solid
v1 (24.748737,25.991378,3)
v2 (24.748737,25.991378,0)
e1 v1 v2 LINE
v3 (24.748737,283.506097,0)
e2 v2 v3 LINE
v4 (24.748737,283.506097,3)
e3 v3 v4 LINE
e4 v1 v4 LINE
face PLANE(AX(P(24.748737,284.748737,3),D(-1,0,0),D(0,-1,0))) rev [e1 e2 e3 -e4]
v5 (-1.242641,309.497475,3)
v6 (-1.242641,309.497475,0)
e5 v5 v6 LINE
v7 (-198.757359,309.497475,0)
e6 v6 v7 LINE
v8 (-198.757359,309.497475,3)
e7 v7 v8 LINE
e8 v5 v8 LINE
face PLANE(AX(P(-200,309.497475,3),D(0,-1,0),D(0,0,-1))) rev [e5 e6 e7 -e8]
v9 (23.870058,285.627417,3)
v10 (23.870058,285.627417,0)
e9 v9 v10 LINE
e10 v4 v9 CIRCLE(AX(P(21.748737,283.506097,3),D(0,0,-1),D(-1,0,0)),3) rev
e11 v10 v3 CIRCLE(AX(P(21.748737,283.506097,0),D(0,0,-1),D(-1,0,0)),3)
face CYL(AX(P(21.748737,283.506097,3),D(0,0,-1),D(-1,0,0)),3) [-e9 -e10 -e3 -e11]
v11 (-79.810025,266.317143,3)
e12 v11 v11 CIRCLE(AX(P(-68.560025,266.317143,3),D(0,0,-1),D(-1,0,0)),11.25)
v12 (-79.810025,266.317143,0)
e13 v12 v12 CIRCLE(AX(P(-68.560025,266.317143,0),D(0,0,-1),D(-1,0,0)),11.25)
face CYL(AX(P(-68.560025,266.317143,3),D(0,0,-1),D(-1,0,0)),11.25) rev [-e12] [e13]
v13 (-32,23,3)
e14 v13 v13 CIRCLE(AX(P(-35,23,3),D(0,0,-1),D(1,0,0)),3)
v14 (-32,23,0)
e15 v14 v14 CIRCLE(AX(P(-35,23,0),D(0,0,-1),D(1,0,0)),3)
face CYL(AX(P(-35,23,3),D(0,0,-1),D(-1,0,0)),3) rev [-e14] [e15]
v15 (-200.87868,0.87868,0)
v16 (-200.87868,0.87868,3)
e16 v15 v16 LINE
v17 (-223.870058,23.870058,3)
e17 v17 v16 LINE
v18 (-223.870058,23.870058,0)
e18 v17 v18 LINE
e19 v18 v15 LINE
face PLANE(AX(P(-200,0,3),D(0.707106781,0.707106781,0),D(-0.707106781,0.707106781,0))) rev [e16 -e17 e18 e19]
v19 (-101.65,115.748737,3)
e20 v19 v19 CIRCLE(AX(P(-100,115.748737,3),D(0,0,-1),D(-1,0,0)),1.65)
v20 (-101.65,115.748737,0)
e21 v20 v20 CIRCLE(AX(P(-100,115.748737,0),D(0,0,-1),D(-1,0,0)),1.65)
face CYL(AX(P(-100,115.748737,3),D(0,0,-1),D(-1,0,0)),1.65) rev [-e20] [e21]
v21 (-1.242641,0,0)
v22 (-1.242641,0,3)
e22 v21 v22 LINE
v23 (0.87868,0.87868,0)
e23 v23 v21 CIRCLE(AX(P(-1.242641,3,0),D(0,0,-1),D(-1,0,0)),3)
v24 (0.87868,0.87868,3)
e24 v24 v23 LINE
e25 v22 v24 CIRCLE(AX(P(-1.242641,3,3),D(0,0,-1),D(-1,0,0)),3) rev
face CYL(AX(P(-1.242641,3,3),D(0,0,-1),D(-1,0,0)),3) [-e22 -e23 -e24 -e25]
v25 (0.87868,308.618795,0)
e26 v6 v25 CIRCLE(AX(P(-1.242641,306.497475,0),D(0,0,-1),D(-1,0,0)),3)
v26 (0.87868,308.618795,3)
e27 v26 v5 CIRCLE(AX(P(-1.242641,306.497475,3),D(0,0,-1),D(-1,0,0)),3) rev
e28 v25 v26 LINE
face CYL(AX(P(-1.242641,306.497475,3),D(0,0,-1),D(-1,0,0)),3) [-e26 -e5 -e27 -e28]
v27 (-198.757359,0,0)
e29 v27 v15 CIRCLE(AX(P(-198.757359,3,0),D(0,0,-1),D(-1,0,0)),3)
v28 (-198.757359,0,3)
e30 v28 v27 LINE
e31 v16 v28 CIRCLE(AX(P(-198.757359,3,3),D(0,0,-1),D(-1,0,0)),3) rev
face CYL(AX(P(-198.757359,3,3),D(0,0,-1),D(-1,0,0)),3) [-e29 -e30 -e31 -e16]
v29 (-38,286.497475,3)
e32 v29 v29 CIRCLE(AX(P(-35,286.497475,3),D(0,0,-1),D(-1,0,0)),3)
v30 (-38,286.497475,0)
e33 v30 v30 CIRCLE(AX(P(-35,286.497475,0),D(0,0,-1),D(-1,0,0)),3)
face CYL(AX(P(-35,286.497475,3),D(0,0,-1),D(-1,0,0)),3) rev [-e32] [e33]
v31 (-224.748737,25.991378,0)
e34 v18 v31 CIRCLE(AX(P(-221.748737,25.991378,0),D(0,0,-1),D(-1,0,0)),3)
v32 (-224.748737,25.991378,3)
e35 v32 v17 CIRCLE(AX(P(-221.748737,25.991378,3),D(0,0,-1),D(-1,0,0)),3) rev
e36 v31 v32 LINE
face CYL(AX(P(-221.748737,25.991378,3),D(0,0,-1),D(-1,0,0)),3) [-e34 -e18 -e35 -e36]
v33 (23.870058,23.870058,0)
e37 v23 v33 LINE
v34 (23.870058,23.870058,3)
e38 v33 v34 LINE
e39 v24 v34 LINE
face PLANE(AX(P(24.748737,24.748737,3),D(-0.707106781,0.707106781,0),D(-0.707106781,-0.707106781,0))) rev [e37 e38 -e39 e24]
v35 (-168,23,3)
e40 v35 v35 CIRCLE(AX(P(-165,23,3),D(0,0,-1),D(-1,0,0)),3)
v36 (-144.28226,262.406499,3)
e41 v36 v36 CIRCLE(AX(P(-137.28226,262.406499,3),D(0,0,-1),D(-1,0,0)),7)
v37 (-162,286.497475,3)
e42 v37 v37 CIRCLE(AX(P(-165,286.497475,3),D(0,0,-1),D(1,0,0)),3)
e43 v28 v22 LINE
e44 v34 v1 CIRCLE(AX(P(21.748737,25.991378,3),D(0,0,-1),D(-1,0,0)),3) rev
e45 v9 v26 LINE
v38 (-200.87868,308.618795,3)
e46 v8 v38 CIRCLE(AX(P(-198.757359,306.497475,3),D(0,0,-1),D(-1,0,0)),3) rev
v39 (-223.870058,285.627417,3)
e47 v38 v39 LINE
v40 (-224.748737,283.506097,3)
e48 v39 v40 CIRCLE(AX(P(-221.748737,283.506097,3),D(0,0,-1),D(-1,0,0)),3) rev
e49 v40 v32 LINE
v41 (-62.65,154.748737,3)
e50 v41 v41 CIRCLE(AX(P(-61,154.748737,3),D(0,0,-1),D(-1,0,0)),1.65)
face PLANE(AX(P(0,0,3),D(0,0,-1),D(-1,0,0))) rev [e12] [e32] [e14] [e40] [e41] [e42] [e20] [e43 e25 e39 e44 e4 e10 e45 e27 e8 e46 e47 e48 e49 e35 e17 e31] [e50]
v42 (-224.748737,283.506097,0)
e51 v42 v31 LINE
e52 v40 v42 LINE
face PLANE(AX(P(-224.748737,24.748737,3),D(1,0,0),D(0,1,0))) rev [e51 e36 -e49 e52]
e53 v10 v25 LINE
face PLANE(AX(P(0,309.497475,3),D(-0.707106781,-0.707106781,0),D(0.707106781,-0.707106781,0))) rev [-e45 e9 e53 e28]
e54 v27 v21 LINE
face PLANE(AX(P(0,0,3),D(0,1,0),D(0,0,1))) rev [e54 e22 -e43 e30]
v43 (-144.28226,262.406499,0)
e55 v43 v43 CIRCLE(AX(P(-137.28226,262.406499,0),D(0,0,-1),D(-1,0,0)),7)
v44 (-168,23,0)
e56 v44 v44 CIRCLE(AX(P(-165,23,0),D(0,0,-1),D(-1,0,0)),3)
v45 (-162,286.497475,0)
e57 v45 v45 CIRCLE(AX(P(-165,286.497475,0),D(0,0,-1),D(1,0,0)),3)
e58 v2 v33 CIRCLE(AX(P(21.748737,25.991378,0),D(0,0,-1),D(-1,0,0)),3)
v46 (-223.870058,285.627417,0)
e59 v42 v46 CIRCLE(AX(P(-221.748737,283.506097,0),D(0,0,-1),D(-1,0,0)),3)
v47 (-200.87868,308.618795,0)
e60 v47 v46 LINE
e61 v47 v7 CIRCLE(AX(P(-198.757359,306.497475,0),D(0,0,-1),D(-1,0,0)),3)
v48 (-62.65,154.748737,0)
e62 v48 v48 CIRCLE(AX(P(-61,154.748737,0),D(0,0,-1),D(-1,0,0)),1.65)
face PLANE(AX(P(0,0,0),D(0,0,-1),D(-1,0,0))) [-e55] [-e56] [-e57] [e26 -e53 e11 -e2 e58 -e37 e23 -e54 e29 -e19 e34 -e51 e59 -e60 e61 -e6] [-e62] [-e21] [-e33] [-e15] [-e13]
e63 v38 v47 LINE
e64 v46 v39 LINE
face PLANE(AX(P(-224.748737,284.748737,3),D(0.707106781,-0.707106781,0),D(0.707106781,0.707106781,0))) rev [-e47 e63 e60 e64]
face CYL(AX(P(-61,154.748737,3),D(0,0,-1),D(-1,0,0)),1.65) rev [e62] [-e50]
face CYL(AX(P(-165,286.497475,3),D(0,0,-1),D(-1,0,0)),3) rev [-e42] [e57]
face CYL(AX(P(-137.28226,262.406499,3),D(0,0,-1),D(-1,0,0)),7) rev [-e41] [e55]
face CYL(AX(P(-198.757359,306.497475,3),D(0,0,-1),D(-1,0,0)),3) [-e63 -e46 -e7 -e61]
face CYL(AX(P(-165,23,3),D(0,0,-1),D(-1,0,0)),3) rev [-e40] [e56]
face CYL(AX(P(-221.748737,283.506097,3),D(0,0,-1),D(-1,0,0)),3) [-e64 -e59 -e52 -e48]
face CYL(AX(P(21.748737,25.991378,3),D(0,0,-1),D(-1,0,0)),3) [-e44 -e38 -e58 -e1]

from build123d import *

# Parameters (mm, degrees)
BASE_DEPTH              = 3
CONG_1_R                = 3
ESQUISSE20_R            = 3
PERCAGE_PROFIL_S_DEPTH  = 383.50448595
ESQUISSE21_R            = 1.65
PERCAGE_LIDAR_DEPTH     = 383.50448595
ESQUISSE22_R            = 11.25
ENL_V_MAT_EXTRU_3_DEPTH = 383.50448595
ESQUISSE23_R            = 7
ENL_V_MAT_EXTRU_4_DEPTH = 383.50448595


with BuildPart() as part:
    # Esquisse1 → Base (new body)
    with BuildSketch(Plane.XY):
        Polygon((0, 0), (-200, 0), (-224.748737342, 24.748737342), (-224.748737342, 284.748737342), (-200, 309.497474683), (0, 309.497474683), (24.748737342, 284.748737342), (24.748737342, 24.748737342), align=None)
    extrude(amount=BASE_DEPTH)

    # Congé1
    cong_1_edges = [part.edges().sort_by_distance(p)[0] for p in [
        (0, 0, 1.5),
        (-200, 0, 1.5),
        (-224.748737342, 24.748737342, 1.5),
        (-224.748737342, 284.748737342, 1.5),
        (-200, 309.497474683, 1.5),
        (0, 309.497474683, 1.5),
        (24.748737342, 284.748737342, 1.5),
        (24.748737342, 24.748737342, 1.5),
    ]]
    fillet(cong_1_edges, radius=CONG_1_R)

    # Esquisse20 → Percage Profilés (cut, through all)
    with BuildSketch(Plane(origin=(0, 0, 0), x_dir=(-1, 0, 0), z_dir=(0, 0, -1))):
        with Locations((35, 286.497474683)):
            Circle(ESQUISSE20_R)
        with Locations(Location((165, 286.497474683, 0), (0, 0, 180))):
            Circle(ESQUISSE20_R)
        with Locations((165, 23)):
            Circle(ESQUISSE20_R)
        with Locations(Location((35, 23, 0), (0, 0, 180))):
            Circle(ESQUISSE20_R)
    extrude(amount=-PERCAGE_PROFIL_S_DEPTH, mode=Mode.SUBTRACT)

    # Esquisse21 → Percage Lidar (cut, through all)
    with BuildSketch(Plane(origin=(0, 0, 0), x_dir=(-1, 0, 0), z_dir=(0, 0, -1))):
        with Locations((61, 154.748737342)):
            Circle(ESQUISSE21_R)
        with Locations((100, 115.748737342)):
            Circle(ESQUISSE21_R)
    extrude(amount=-PERCAGE_LIDAR_DEPTH, mode=Mode.SUBTRACT)

    # Esquisse22 → Enlèv. mat.-Extru.3 (cut, through all)
    with BuildSketch(Plane(origin=(0, 0, 0), x_dir=(-1, 0, 0), z_dir=(0, 0, -1))):
        with Locations((68.560025138, 266.317142531)):
            Circle(ESQUISSE22_R)
    extrude(amount=-ENL_V_MAT_EXTRU_3_DEPTH, mode=Mode.SUBTRACT)

    # Esquisse23 → Enlèv. mat.-Extru.4 (cut, through all)
    with BuildSketch(Plane(origin=(0, 0, 0), x_dir=(-1, 0, 0), z_dir=(0, 0, -1))):
        with Locations((137.282259715, 262.406498542)):
            Circle(ESQUISSE23_R)
    extrude(amount=-ENL_V_MAT_EXTRU_4_DEPTH, mode=Mode.SUBTRACT)


solid = part.part
